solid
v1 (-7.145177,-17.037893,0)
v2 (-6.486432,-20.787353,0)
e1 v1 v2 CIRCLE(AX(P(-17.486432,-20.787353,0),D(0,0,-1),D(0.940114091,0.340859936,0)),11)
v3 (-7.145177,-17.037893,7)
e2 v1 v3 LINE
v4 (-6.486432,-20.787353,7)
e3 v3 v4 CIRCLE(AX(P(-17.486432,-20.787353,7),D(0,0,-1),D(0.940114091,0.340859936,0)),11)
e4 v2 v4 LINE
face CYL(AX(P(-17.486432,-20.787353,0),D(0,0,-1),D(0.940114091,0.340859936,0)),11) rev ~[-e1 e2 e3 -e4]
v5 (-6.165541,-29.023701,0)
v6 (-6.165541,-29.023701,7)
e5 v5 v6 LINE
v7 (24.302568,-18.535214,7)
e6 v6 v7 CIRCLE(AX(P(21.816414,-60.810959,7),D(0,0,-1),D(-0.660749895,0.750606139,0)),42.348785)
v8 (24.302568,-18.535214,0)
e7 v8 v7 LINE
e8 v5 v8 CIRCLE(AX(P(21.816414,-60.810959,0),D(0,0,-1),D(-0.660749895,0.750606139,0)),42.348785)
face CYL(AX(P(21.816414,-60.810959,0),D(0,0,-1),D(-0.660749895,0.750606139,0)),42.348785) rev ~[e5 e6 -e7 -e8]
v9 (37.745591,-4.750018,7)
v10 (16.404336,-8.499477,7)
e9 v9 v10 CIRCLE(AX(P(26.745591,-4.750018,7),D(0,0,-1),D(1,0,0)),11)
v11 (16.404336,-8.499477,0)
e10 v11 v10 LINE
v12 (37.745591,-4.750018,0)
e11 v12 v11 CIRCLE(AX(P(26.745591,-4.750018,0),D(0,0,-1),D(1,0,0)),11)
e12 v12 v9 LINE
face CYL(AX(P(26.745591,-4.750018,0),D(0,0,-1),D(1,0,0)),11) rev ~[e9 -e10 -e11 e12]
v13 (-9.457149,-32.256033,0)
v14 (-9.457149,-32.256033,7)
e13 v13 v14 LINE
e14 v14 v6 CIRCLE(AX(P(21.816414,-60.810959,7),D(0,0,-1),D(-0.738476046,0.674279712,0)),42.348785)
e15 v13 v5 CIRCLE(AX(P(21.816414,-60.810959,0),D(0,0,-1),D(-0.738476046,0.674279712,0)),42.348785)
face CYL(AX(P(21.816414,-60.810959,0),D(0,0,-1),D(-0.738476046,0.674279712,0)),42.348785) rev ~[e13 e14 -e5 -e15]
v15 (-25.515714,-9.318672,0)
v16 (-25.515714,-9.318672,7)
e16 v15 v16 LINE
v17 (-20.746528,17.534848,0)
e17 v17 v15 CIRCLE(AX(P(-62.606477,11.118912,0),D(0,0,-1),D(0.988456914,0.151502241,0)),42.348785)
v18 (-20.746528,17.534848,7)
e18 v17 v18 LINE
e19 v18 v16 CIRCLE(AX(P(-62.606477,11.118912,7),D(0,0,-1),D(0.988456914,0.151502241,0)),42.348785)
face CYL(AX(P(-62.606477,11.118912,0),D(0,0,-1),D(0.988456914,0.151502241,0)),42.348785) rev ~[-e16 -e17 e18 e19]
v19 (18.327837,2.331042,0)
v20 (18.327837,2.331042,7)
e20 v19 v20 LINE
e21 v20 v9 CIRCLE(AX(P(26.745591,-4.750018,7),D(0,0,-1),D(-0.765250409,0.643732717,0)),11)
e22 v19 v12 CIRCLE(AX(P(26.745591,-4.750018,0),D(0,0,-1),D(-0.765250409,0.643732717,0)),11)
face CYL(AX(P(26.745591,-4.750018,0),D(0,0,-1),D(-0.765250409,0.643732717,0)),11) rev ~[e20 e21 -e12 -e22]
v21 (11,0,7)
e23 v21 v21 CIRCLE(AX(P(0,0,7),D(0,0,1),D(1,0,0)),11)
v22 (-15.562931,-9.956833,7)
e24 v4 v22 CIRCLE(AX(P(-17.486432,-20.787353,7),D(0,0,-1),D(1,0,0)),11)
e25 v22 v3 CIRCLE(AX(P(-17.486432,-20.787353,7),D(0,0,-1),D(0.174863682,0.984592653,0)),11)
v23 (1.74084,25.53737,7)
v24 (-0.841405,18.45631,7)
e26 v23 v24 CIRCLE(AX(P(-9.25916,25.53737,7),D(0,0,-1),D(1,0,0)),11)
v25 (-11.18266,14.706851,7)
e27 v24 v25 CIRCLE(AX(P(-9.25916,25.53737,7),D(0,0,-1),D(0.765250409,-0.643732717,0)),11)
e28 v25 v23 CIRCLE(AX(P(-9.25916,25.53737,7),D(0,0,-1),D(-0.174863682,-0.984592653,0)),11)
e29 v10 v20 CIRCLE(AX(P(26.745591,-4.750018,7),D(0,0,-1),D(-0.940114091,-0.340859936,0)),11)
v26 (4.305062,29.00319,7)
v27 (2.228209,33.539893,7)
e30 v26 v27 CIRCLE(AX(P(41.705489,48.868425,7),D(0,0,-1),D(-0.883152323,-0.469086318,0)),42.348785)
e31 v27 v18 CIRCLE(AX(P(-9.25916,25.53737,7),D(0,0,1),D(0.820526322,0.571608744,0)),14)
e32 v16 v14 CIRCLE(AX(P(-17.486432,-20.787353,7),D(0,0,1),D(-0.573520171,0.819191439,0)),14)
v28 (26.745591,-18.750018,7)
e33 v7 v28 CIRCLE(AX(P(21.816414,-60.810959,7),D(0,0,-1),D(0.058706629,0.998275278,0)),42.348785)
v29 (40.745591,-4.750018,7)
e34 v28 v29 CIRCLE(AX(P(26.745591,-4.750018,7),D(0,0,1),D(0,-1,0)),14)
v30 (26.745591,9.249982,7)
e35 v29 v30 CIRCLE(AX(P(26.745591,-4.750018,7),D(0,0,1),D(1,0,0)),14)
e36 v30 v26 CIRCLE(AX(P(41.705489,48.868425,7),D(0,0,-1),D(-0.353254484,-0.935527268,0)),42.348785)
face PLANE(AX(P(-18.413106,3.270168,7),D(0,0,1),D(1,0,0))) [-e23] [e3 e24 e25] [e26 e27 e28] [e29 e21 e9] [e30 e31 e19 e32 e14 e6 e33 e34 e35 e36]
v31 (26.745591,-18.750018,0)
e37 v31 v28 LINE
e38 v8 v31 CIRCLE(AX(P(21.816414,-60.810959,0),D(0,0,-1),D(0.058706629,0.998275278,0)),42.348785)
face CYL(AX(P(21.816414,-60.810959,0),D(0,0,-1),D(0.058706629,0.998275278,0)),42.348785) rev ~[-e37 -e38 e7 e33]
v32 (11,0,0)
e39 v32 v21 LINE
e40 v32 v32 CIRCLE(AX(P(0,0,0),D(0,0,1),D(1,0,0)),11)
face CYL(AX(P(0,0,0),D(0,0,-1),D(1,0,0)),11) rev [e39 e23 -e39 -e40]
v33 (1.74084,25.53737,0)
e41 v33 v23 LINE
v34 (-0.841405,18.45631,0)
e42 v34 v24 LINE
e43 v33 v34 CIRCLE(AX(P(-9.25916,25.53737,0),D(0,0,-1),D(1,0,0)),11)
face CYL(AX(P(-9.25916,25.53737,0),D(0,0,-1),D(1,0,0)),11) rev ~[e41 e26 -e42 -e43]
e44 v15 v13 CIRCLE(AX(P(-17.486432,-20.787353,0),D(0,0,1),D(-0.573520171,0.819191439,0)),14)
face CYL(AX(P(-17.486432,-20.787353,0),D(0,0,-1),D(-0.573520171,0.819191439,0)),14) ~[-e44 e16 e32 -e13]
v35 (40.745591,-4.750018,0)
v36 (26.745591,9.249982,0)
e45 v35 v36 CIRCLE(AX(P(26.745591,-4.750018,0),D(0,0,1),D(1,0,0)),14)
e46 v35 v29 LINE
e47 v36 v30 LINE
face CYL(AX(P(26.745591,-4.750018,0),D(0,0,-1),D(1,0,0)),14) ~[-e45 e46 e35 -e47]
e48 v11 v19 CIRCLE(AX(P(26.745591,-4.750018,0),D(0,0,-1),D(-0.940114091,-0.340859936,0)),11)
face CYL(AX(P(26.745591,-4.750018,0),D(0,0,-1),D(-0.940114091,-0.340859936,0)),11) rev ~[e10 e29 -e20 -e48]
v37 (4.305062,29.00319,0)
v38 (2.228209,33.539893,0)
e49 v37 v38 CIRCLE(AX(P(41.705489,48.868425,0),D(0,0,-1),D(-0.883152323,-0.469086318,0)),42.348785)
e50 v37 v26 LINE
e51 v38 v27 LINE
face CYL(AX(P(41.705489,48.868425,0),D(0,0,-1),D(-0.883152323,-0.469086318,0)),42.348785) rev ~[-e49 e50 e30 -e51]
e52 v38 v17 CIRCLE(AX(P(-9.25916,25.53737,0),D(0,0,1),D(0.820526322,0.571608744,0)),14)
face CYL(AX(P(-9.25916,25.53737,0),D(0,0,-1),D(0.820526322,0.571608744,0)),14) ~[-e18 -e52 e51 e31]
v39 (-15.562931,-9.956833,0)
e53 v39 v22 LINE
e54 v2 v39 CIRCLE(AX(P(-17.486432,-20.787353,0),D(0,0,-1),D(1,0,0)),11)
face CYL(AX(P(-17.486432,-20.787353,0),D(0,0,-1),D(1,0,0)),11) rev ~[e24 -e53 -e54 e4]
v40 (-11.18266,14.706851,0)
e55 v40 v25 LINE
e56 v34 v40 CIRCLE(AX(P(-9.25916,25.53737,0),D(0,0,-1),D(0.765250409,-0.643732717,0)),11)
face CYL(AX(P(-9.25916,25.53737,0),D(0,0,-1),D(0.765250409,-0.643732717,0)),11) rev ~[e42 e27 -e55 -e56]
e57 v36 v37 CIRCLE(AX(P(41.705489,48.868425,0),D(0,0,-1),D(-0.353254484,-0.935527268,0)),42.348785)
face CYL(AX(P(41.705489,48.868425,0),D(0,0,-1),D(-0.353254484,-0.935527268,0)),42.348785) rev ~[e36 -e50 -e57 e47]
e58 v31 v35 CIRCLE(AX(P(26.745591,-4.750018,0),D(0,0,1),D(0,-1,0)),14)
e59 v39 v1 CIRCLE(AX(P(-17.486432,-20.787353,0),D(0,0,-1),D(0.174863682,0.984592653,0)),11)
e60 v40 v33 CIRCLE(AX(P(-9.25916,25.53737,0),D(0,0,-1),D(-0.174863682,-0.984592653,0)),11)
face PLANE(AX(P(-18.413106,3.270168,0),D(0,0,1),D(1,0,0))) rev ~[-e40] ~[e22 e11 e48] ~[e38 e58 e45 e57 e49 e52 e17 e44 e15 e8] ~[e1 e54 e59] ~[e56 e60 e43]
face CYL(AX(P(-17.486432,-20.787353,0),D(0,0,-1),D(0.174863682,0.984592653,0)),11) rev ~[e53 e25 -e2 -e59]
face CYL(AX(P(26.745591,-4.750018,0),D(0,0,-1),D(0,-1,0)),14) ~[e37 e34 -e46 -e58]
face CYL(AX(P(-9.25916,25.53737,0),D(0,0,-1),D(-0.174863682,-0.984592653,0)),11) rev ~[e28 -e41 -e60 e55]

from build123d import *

# Parameters (mm, degrees)
F0_R     = 11
F1_DEPTH = 7


with BuildPart() as f1:
    # F0 (on Top) → F1 (new body)
    with BuildSketch(Plane.XY):
        with BuildLine():
            ThreePointArc((-25.5157140459, -9.3186724491), (-20.5076802891, -7.1172371315), (-15.0383400996, -7.0030554454))
            Line((-15.0383400996, -7.0030554454), (-11.7072511448, 11.7530731792))
            ThreePointArc((-11.7072511448, 11.7530731792), (-16.8027987362, 13.743579223), (-20.7465280977, 17.5348479143))
            ThreePointArc((-20.7465280977, 17.5348479143), (-20.9101748534, 3.7136476237), (-25.5157140459, -9.3186724491))
        make_face()
        with BuildLine():
            Line((-7.1451766465, -17.0378932968), (-4.3248343733, -16.0153134895))
            ThreePointArc((-4.3248343733, -16.0153134895), (-8.474173604, -10.0738468637), (-15.0383400996, -7.0030554454))
            Line((-15.0383400996, -7.0030554454), (-15.5629311457, -9.956833405))
            ThreePointArc((-15.5629311457, -9.956833405), (-10.4053717563, -12.3695980908), (-7.1451766465, -17.0378932968))
        make_face()
        with BuildLine():
            ThreePointArc((-3.4864316481, -20.78735259), (-3.6976252848, -18.364788024), (-4.3248343733, -16.0153134895))
            Line((-4.3248343733, -16.0153134895), (-7.1451766465, -17.0378932968))
            ThreePointArc((-7.1451766465, -17.0378932968), (-6.6523695055, -18.8839090024), (-6.4864316481, -20.78735259))
            ThreePointArc((-6.4864316481, -20.78735259), (-25.9172828959, -27.8528141629), (-15.5629311457, -9.956833405))
            Line((-15.5629311457, -9.956833405), (-15.0383400996, -7.0030554454))
            ThreePointArc((-15.0383400996, -7.0030554454), (-20.5076802891, -7.1172371315), (-25.5157140459, -9.3186724491))
            ThreePointArc((-25.5157140459, -9.3186724491), (-28.9551117891, -28.8166349879), (-9.4571492503, -32.256032731))
            ThreePointArc((-9.4571492503, -32.256032731), (-7.8553926266, -30.5950118305), (-6.1655412039, -29.0237012683))
            ThreePointArc((-6.1655412039, -29.0237012683), (-4.1730461617, -25.1179145502), (-3.4864316481, -20.78735259))
        make_face()
        with BuildLine():
            ThreePointArc((24.3025684766, -18.5352141326), (17.7353030809, -15.4651802248), (13.5839939697, -9.5220568343))
            Line((13.5839939697, -9.5220568343), (-4.3248343733, -16.0153134895))
            ThreePointArc((-4.3248343733, -16.0153134895), (-3.6976252848, -18.364788024), (-3.4864316481, -20.78735259))
            ThreePointArc((-3.4864316481, -20.78735259), (-4.1730461617, -25.1179145502), (-6.1655412039, -29.0237012683))
            ThreePointArc((-6.1655412039, -29.0237012683), (8.0319642762, -20.7683752456), (24.3025684766, -18.5352141326))
        make_face()
        with BuildLine():
            Line((-4.3248343733, -16.0153134895), (13.5839939697, -9.5220568343))
            ThreePointArc((13.5839939697, -9.5220568343), (12.9612940998, -2.3019261853), (16.0320855181, 4.2622403103))
            Line((16.0320855181, 4.2622403103), (1.4543461299, 16.5251122797))
            ThreePointArc((1.4543461299, 16.5251122797), (-4.4871204958, 12.375773049), (-11.7072511448, 11.7530731792))
            Line((-11.7072511448, 11.7530731792), (-15.0383400996, -7.0030554454))
            ThreePointArc((-15.0383400996, -7.0030554454), (-8.474173604, -10.0738468637), (-4.3248343733, -16.0153134895))
        make_face()
        Circle(F0_R, mode=Mode.SUBTRACT)
        with BuildLine():
            ThreePointArc((-11.7072511448, 11.7530731792), (-4.4871204958, 12.375773049), (1.4543461299, 16.5251122797))
            Line((1.4543461299, 16.5251122797), (-0.8414050971, 18.456310432))
            ThreePointArc((-0.8414050971, 18.456310432), (-5.5097003031, 15.1961153222), (-11.1826600987, 14.7068511388))
            Line((-11.1826600987, 14.7068511388), (-11.7072511448, 11.7530731792))
        make_face()
        with BuildLine():
            Line((-0.8414050971, 18.456310432), (1.4543461299, 16.5251122797))
            ThreePointArc((1.4543461299, 16.5251122797), (3.8935792851, 20.7409695987), (4.7408404036, 25.5373703238))
            ThreePointArc((4.7408404036, 25.5373703238), (4.6314684694, 27.2839246284), (4.3050615552, 29.003189787))
            ThreePointArc((4.3050615552, 29.003189787), (3.1997634843, 31.2409281113), (2.228208905, 33.5398927333))
            ThreePointArc((2.228208905, 33.5398927333), (-17.2616820059, 37.0247388251), (-20.7465280977, 17.5348479143))
            ThreePointArc((-20.7465280977, 17.5348479143), (-16.8027987362, 13.743579223), (-11.7072511448, 11.7530731792))
            Line((-11.7072511448, 11.7530731792), (-11.1826600987, 14.7068511388))
            ThreePointArc((-11.1826600987, 14.7068511388), (-16.3246211692, 33.9682215716), (1.7408404036, 25.5373703238))
            ThreePointArc((1.7408404036, 25.5373703238), (1.0751352391, 21.7687697541), (-0.8414050971, 18.456310432))
        make_face()
        with BuildLine():
            Line((1.4543461299, 16.5251122797), (16.0320855181, 4.2622403103))
            ThreePointArc((16.0320855181, 4.2622403103), (20.8367678682, 7.9419405985), (26.7455912444, 9.2499822662))
            ThreePointArc((26.7455912444, 9.2499822662), (13.7242771945, 17.0805133511), (4.3050615552, 29.003189787))
            ThreePointArc((4.3050615552, 29.003189787), (4.6314684694, 27.2839246284), (4.7408404036, 25.5373703238))
            ThreePointArc((4.7408404036, 25.5373703238), (3.8935792851, 20.7409695987), (1.4543461299, 16.5251122797))
        make_face()
        with BuildLine():
            Line((13.5839939697, -9.5220568343), (16.4043362428, -8.499477027))
            ThreePointArc((16.4043362428, -8.499477027), (15.9150720594, -2.8265172314), (18.3278367452, 2.331042158))
            Line((18.3278367452, 2.331042158), (16.0320855181, 4.2622403103))
            ThreePointArc((16.0320855181, 4.2622403103), (12.9612940998, -2.3019261853), (13.5839939697, -9.5220568343))
        make_face()
        with BuildLine():
            ThreePointArc((37.7455912444, -4.7500177338), (28.649034832, -15.5840798763), (16.4043362428, -8.499477027))
            Line((16.4043362428, -8.499477027), (13.5839939697, -9.5220568343))
            ThreePointArc((13.5839939697, -9.5220568343), (17.7353030809, -15.4651802248), (24.3025684766, -18.5352141326))
            ThreePointArc((24.3025684766, -18.5352141326), (25.525635115, -18.624927579), (26.7455912444, -18.7500177338))
            ThreePointArc((26.7455912444, -18.7500177338), (36.645086181, -14.6495126704), (40.7455912444, -4.7500177338))
            ThreePointArc((40.7455912444, -4.7500177338), (36.645086181, 5.1494772028), (26.7455912444, 9.2499822662))
            ThreePointArc((26.7455912444, 9.2499822662), (20.8367678682, 7.9419405985), (16.0320855181, 4.2622403103))
            Line((16.0320855181, 4.2622403103), (18.3278367452, 2.331042158))
            ThreePointArc((18.3278367452, 2.331042158), (30.5141918142, 5.5842771017), (37.7455912444, -4.7500177338))
        make_face()
    extrude(amount=F1_DEPTH)


solid = f1.part
